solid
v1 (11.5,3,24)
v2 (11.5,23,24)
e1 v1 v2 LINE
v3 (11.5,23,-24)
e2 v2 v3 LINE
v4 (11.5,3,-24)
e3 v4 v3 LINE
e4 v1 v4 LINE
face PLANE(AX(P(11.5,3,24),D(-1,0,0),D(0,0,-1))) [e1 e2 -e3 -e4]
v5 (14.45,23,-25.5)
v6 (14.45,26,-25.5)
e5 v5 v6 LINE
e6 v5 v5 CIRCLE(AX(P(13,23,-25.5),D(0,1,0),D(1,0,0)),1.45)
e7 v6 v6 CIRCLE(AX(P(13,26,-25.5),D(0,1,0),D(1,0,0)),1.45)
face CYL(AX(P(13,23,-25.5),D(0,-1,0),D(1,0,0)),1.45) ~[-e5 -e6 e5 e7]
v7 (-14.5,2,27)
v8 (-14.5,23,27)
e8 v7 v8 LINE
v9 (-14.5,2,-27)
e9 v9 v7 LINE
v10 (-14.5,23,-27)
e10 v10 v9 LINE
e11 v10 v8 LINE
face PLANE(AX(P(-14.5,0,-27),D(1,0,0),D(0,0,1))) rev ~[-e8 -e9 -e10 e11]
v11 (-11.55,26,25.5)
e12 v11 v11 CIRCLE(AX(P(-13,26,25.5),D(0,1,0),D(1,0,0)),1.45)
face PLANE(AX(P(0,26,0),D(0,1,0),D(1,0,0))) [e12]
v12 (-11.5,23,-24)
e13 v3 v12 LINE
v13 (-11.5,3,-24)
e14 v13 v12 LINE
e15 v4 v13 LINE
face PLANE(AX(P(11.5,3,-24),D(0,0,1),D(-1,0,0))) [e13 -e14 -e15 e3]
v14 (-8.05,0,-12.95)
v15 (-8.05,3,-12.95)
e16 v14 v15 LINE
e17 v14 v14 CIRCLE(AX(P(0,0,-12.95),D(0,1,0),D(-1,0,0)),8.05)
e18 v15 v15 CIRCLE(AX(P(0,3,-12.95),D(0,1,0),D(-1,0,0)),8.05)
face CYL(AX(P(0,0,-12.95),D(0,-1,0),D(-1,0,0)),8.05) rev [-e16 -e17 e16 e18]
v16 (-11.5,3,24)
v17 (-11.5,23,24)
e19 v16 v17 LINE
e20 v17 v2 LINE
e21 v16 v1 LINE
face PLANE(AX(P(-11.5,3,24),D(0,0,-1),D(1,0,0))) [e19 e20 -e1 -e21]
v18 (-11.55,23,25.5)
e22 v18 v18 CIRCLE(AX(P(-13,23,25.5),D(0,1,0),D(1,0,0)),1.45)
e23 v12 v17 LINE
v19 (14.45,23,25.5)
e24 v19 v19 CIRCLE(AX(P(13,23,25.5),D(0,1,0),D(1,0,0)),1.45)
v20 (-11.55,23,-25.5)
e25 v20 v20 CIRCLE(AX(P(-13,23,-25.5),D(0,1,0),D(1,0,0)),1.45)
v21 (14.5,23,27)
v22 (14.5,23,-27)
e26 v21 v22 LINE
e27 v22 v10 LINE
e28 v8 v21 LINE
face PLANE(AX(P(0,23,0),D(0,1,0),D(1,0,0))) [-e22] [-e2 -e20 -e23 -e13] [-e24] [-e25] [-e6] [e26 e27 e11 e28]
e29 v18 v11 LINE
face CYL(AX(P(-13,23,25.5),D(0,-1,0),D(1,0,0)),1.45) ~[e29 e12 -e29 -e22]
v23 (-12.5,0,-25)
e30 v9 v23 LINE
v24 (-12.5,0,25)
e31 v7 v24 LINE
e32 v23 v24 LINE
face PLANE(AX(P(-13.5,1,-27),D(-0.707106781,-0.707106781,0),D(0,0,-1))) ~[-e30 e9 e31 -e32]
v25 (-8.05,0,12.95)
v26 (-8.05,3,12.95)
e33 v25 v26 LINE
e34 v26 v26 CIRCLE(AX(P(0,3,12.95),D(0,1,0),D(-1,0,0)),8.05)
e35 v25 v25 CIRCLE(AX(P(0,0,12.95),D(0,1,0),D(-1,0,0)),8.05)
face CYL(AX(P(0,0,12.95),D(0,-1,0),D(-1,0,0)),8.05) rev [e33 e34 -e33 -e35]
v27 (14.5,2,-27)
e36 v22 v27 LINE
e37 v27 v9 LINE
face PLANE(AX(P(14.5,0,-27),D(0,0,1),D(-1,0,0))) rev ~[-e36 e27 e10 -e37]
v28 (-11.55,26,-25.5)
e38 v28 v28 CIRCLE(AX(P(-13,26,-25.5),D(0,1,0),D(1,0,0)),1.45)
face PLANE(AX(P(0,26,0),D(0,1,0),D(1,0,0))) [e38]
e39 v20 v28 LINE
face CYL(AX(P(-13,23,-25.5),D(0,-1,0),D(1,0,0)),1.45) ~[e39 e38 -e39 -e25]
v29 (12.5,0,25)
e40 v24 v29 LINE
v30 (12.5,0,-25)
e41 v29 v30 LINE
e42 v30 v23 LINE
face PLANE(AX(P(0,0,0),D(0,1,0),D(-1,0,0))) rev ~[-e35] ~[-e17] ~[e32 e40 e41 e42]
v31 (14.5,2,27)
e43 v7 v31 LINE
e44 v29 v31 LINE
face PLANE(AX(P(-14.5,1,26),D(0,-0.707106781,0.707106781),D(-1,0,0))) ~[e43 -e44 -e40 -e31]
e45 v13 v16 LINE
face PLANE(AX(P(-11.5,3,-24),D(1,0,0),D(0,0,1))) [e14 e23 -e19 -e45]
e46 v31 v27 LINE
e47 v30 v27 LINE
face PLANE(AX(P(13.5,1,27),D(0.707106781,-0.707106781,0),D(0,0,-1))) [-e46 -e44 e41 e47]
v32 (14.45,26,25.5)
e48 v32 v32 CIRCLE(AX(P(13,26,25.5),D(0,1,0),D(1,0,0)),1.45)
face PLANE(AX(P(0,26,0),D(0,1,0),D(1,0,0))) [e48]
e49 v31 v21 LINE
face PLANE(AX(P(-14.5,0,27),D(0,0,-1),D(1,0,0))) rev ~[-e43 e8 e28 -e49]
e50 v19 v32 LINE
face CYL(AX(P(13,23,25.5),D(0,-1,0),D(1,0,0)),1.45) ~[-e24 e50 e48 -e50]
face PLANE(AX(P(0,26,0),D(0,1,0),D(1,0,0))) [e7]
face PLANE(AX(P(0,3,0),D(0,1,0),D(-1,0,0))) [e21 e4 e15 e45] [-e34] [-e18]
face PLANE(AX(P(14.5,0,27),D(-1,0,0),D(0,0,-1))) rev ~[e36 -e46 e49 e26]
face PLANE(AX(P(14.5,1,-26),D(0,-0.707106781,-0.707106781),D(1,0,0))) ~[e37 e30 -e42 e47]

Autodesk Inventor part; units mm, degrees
ref_plane "YZ Plane" through (0, 0, 0) normal (1, 0, 0) x (0, 1, 0)
ref_plane "XZ Plane" through (0, 0, 0) normal (0, 1, 0) x (-1, 0, 0)
ref_plane "XY Plane" through (0, 0, 0) normal (0, 0, 1) x (1, 0, 0)
sketch "Sketch1" plane through (0, 0, 0) normal (0, 1, 0) x (-1, 0, 0)
  circle A0 centre (0, 12.95) radius 8.05
  circle A1 centre (0, -12.95) radius 8.05
  line L0 (14.5, 27) -> (-14.5, 27)
  line L1 (-14.5, 27) -> (-14.5, -27)
  line L2 (-14.5, -27) -> (14.5, -27)
  line L3 (14.5, -27) -> (14.5, 27)
  line L4 (14.5, 27) -> (-14.5, -27) construction
  line L5 (-14.5, 27) -> (14.5, -27) construction
  point P0 (0, 0)
  dimension "d0" = 16.1
  dimension "d1" = 16.1
  dimension "d2" = 25.9
  dimension "d3" = 29
  dimension "d4" = 54
  dimension "d5" = 14.5
  dimension "d6" = 14.5
  dimension "d7" = 14.05
  dimension "d8" = 14.05
extrude "Extrusion1" add sketch "Sketch1" along normal blind 3
sketch "Sketch12" plane through (0, 3, 0) normal (0, 1, 0) x (1, 0, 0)
  circle A0 centre (0, 12.95) radius 8.05 projected
  circle A1 centre (0, -12.95) radius 8.05 projected
  line L0 (-14.5, -27) -> (14.5, -27) projected
  line L1 (14.5, -27) -> (14.5, 27) projected
  line L2 (14.5, 27) -> (-14.5, 27) projected
  line L3 (-14.5, 27) -> (-14.5, -27) projected
  line L4 (14.5, -27) -> (14.5, 27) projected
  line L5 (-14.5, -27) -> (14.5, -27)
  line L6 (14.5, -27) -> (14.5, 27)
  line L7 (14.5, 27) -> (-14.5, 27)
  line L8 (-14.5, 27) -> (-14.5, -27)
  line L9 (-11.5, -24) -> (11.5, -24)
  line L10 (11.5, -24) -> (11.5, 24)
  line L11 (11.5, 24) -> (-11.5, 24)
  line L12 (-11.5, 24) -> (-11.5, -24)
  point P0 (0, 0)
  dimension "d85" = 3
  dimension "d86" = 3
  dimension "d87" = 3
  dimension "d88" = 3
extrude "Extrusion11" add sketch "Sketch12" along normal blind 20 contours L3 L2 L1 L0
sketch "Sketch13" plane through (0, 23, 0) normal (0, 1, 0) x (1, 0, 0)
  circle A0 centre (-13, -25.5) radius 1.45
  line L0 (-14.5, 27) -> (-14.5, -27) projected
  line L1 (-14.5, -27) -> (14.5, -27) projected
  circle A1 centre (-13, 25.5) radius 1.45
  circle A2 centre (13, -25.5) radius 1.45
  circle A3 centre (13, 25.5) radius 1.45
  point P0 (0, 0)
  dimension "d91" = 1.5
  dimension "d92" = 1.5
  dimension "d93" = 2.9
  dimension "d96" = 51
  dimension "d99" = 26
extrude "Extrusion12" add sketch "Sketch13" along normal blind 3
chamfer "Chamfer5" distance 2 angle 45 4 edges at (14.5, 0, 0) (0, 0, 27) (-14.5, 0, 0) (0, 0, -27)
sketch "Sketch2" plane through (0, 3, 0) normal (0, 1, 0) x (1, 0, 0)
  line L0 (-11.5, -24) -> (11.5, -24)
  line L1 (11.5, -24) -> (11.5, 24)
  line L2 (11.5, 24) -> (-11.5, 24)
  line L3 (-11.5, 24) -> (-11.5, -24)
  line L4 (-11.5, -24) -> (11.5, 24) construction
  line L5 (11.5, -24) -> (-11.5, 24) construction
  line L6 (14.5, -27) -> (14.5, 27) projected
  line L7 (-14.5, -27) -> (14.5, -27)
  line L8 (14.5, -27) -> (14.5, 27)
  line L9 (14.5, 27) -> (-14.5, 27)
  line L10 (-14.5, 27) -> (-14.5, -27)
  line L11 (-14.5, -27) -> (14.5, 27) construction
  line L12 (14.5, -27) -> (-14.5, 27) construction
  point P0 (0, 0)
  dimension "d11" = 23
  dimension "d12" = 48
sketch "Sketch3" plane through (0, 28, 0) normal (0, 1, 0) x (1, 0, 0)
  line L0 (-25.5, 27) -> (25.5, 27)
  line L1 (25.5, 27) -> (25.5, -27)
  line L2 (25.5, -27) -> (-25.5, -27)
  line L3 (-25.5, -27) -> (-25.5, 27)
  line L4 (-25.5, 27) -> (25.5, -27) construction
  line L5 (25.5, 27) -> (-25.5, -27) construction
  line L6 (14.5, -27) -> (14.5, 27) projected
  line L7 (-14.5, 27) -> (14.5, 27)
  line L8 (14.5, 27) -> (14.5, -27)
  line L9 (14.5, -27) -> (-14.5, -27)
  line L10 (-14.5, -27) -> (-14.5, 27)
  line L11 (-14.5, 27) -> (14.5, -27) construction
  line L12 (14.5, 27) -> (-14.5, -27) construction
  point P0 (0, 0)
  dimension "d15" = 51
sketch "Sketch4" plane through (0, 28, 0) normal (0, 1, 0) x (1, 0, 0)
  line L0 (-25.5, -27) -> (25.5, -27) projected
  line L1 (-25.5, 27) -> (25.5, 27)
  line L2 (25.5, 27) -> (25.5, -27)
  line L3 (25.5, -27) -> (-25.5, -27)
  line L4 (-25.5, -27) -> (-25.5, 27)
  line L5 (-25.5, 27) -> (25.5, -27) construction
  line L6 (25.5, 27) -> (-25.5, -27) construction
  line L7 (-22.5, 24) -> (22.5, 24)
  line L8 (22.5, 24) -> (22.5, -24)
  line L9 (22.5, -24) -> (-22.5, -24)
  line L10 (-22.5, -24) -> (-22.5, 24)
  line L11 (-22.5, 24) -> (22.5, -24) construction
  line L12 (22.5, 24) -> (-22.5, -24) construction
  point P0 (0, 0)
  dimension "d18" = 45
  dimension "d19" = 48
sketch "Sketch5" plane through (0, 28, 0) normal (0, 1, 0) x (1, 0, 0)
  line L0 (-11.5, 24) -> (-22.5, 24) projected
  line L1 (-22.5, 24) -> (-22.5, -24) projected
  line L2 (-22.5, -24) -> (-11.5, -24) projected
  line L3 (-11.5, -24) -> (-11.5, 24) projected
  line L4 (22.5, 24) -> (11.5, 24) projected
  line L5 (11.5, 24) -> (11.5, -24) projected
  line L6 (11.5, -24) -> (22.5, -24) projected
  line L7 (22.5, -24) -> (22.5, 24) projected
  circle A0 centre (18.5, 20) radius 1.75
  line L8 (14.5, 27) -> (14.5, -27) projected
  line L9 (14.5, 27) -> (25.5, 27) projected
  line L10 (25.5, 27) -> (25.5, -27) projected
  line L11 (25.5, -27) -> (14.5, -27) projected
  line L12 (-11.5, 24) -> (-11.5, -24) projected
  line L13 (-11.5, -24) -> (11.5, -24) projected
  line L14 (11.5, -24) -> (11.5, 24) projected
  line L15 (11.5, 24) -> (-11.5, 24) projected
  circle A1 centre (0, 12.75) radius 8.05 projected
  circle A2 centre (0, -12.75) radius 8.05 projected
  circle A3 centre (18.5, -20) radius 1.75
  circle A4 centre (-18.5, 20) radius 1.75
  circle A5 centre (-18.5, -20) radius 1.75
  point P0 (0, 0)
  dimension "d22" = 3.5
  dimension "d23" = 4
  dimension "d24" = 4
  dimension "d25" = 4
  dimension "d28" = 40
  dimension "d31" = 37
  dimension "d53" = 4
sketch "Sketch6" plane through (0, 25, 0) normal (0, -1, 0) x (1, 0, 0)
  line L0 (-16.5, 27) -> (-16.5, -27) projected
  circle A0 centre (-18.5, -20) radius 1.75 projected
  circle A1 centre (-18.5, 20) radius 1.75 projected
  line L1 (-16.5, 27) -> (-25.5, 27) projected
  line L2 (-25.5, 27) -> (-25.5, -27) projected
  line L3 (-25.5, -27) -> (-16.5, -27) projected
  line L4 (16.5, -27) -> (16.5, 27) projected
  circle A2 centre (18.5, -20) radius 1.75 projected
  line L5 (16.5, -27) -> (25.5, -27) projected
  line L6 (25.5, -27) -> (25.5, 27) projected
  line L7 (25.5, 27) -> (16.5, 27) projected
  circle A3 centre (18.5, 20) radius 1.75 projected
  circle A4 centre (18.5, -20) radius 3
  circle A5 centre (18.5, 20) radius 3
  circle A6 centre (-18.5, -20) radius 3
  circle A7 centre (-18.5, 20) radius 3
  point P0 (0, 0)
  dimension "d42" = 6
  dimension "d45" = 40
  dimension "d48" = 37
sketch "Sketch7" plane through (25.5, 43, -27) normal (0, 0, -1) x (-1, 0, 0)
  line L0 (40, -41) -> (11, -41) projected
  line L1 (40, -41) -> (40, -20) projected
  line L2 (42, -18) -> (40, -20) projected
  line L3 (51, -18) -> (42, -18) projected
  line L4 (51, 0) -> (51, -18) projected
  line L5 (0, 0) -> (51, 0) projected
  line L6 (0, -18) -> (0, 0) projected
  line L7 (9, -18) -> (0, -18) projected
  line L8 (11, -20) -> (9, -18) projected
  line L9 (11, -41) -> (11, -20) projected
  line L10 (0, 0) -> (51, 0) projected
  line L11 (18, 0) -> (33, 0)
  line L12 (33, 0) -> (33, -3)
  line L13 (33, -3) -> (18, -3)
  line L14 (18, -3) -> (18, 0)
  point P0 (25.5, -43)
  dimension "d54" = 15
  dimension "d55" = 3
  dimension "d56" = 18
  dimension "d57" = 18
  dimension "d63" = 6
equation "\"d1\" = d0"
equation "\"d7\" = d8"
equation "\"d23\" = d24"
equation "\"d25\" = d53"
equation "\"d56\" = d57"
properties part number "obudowa_baza_V2_cz1"
